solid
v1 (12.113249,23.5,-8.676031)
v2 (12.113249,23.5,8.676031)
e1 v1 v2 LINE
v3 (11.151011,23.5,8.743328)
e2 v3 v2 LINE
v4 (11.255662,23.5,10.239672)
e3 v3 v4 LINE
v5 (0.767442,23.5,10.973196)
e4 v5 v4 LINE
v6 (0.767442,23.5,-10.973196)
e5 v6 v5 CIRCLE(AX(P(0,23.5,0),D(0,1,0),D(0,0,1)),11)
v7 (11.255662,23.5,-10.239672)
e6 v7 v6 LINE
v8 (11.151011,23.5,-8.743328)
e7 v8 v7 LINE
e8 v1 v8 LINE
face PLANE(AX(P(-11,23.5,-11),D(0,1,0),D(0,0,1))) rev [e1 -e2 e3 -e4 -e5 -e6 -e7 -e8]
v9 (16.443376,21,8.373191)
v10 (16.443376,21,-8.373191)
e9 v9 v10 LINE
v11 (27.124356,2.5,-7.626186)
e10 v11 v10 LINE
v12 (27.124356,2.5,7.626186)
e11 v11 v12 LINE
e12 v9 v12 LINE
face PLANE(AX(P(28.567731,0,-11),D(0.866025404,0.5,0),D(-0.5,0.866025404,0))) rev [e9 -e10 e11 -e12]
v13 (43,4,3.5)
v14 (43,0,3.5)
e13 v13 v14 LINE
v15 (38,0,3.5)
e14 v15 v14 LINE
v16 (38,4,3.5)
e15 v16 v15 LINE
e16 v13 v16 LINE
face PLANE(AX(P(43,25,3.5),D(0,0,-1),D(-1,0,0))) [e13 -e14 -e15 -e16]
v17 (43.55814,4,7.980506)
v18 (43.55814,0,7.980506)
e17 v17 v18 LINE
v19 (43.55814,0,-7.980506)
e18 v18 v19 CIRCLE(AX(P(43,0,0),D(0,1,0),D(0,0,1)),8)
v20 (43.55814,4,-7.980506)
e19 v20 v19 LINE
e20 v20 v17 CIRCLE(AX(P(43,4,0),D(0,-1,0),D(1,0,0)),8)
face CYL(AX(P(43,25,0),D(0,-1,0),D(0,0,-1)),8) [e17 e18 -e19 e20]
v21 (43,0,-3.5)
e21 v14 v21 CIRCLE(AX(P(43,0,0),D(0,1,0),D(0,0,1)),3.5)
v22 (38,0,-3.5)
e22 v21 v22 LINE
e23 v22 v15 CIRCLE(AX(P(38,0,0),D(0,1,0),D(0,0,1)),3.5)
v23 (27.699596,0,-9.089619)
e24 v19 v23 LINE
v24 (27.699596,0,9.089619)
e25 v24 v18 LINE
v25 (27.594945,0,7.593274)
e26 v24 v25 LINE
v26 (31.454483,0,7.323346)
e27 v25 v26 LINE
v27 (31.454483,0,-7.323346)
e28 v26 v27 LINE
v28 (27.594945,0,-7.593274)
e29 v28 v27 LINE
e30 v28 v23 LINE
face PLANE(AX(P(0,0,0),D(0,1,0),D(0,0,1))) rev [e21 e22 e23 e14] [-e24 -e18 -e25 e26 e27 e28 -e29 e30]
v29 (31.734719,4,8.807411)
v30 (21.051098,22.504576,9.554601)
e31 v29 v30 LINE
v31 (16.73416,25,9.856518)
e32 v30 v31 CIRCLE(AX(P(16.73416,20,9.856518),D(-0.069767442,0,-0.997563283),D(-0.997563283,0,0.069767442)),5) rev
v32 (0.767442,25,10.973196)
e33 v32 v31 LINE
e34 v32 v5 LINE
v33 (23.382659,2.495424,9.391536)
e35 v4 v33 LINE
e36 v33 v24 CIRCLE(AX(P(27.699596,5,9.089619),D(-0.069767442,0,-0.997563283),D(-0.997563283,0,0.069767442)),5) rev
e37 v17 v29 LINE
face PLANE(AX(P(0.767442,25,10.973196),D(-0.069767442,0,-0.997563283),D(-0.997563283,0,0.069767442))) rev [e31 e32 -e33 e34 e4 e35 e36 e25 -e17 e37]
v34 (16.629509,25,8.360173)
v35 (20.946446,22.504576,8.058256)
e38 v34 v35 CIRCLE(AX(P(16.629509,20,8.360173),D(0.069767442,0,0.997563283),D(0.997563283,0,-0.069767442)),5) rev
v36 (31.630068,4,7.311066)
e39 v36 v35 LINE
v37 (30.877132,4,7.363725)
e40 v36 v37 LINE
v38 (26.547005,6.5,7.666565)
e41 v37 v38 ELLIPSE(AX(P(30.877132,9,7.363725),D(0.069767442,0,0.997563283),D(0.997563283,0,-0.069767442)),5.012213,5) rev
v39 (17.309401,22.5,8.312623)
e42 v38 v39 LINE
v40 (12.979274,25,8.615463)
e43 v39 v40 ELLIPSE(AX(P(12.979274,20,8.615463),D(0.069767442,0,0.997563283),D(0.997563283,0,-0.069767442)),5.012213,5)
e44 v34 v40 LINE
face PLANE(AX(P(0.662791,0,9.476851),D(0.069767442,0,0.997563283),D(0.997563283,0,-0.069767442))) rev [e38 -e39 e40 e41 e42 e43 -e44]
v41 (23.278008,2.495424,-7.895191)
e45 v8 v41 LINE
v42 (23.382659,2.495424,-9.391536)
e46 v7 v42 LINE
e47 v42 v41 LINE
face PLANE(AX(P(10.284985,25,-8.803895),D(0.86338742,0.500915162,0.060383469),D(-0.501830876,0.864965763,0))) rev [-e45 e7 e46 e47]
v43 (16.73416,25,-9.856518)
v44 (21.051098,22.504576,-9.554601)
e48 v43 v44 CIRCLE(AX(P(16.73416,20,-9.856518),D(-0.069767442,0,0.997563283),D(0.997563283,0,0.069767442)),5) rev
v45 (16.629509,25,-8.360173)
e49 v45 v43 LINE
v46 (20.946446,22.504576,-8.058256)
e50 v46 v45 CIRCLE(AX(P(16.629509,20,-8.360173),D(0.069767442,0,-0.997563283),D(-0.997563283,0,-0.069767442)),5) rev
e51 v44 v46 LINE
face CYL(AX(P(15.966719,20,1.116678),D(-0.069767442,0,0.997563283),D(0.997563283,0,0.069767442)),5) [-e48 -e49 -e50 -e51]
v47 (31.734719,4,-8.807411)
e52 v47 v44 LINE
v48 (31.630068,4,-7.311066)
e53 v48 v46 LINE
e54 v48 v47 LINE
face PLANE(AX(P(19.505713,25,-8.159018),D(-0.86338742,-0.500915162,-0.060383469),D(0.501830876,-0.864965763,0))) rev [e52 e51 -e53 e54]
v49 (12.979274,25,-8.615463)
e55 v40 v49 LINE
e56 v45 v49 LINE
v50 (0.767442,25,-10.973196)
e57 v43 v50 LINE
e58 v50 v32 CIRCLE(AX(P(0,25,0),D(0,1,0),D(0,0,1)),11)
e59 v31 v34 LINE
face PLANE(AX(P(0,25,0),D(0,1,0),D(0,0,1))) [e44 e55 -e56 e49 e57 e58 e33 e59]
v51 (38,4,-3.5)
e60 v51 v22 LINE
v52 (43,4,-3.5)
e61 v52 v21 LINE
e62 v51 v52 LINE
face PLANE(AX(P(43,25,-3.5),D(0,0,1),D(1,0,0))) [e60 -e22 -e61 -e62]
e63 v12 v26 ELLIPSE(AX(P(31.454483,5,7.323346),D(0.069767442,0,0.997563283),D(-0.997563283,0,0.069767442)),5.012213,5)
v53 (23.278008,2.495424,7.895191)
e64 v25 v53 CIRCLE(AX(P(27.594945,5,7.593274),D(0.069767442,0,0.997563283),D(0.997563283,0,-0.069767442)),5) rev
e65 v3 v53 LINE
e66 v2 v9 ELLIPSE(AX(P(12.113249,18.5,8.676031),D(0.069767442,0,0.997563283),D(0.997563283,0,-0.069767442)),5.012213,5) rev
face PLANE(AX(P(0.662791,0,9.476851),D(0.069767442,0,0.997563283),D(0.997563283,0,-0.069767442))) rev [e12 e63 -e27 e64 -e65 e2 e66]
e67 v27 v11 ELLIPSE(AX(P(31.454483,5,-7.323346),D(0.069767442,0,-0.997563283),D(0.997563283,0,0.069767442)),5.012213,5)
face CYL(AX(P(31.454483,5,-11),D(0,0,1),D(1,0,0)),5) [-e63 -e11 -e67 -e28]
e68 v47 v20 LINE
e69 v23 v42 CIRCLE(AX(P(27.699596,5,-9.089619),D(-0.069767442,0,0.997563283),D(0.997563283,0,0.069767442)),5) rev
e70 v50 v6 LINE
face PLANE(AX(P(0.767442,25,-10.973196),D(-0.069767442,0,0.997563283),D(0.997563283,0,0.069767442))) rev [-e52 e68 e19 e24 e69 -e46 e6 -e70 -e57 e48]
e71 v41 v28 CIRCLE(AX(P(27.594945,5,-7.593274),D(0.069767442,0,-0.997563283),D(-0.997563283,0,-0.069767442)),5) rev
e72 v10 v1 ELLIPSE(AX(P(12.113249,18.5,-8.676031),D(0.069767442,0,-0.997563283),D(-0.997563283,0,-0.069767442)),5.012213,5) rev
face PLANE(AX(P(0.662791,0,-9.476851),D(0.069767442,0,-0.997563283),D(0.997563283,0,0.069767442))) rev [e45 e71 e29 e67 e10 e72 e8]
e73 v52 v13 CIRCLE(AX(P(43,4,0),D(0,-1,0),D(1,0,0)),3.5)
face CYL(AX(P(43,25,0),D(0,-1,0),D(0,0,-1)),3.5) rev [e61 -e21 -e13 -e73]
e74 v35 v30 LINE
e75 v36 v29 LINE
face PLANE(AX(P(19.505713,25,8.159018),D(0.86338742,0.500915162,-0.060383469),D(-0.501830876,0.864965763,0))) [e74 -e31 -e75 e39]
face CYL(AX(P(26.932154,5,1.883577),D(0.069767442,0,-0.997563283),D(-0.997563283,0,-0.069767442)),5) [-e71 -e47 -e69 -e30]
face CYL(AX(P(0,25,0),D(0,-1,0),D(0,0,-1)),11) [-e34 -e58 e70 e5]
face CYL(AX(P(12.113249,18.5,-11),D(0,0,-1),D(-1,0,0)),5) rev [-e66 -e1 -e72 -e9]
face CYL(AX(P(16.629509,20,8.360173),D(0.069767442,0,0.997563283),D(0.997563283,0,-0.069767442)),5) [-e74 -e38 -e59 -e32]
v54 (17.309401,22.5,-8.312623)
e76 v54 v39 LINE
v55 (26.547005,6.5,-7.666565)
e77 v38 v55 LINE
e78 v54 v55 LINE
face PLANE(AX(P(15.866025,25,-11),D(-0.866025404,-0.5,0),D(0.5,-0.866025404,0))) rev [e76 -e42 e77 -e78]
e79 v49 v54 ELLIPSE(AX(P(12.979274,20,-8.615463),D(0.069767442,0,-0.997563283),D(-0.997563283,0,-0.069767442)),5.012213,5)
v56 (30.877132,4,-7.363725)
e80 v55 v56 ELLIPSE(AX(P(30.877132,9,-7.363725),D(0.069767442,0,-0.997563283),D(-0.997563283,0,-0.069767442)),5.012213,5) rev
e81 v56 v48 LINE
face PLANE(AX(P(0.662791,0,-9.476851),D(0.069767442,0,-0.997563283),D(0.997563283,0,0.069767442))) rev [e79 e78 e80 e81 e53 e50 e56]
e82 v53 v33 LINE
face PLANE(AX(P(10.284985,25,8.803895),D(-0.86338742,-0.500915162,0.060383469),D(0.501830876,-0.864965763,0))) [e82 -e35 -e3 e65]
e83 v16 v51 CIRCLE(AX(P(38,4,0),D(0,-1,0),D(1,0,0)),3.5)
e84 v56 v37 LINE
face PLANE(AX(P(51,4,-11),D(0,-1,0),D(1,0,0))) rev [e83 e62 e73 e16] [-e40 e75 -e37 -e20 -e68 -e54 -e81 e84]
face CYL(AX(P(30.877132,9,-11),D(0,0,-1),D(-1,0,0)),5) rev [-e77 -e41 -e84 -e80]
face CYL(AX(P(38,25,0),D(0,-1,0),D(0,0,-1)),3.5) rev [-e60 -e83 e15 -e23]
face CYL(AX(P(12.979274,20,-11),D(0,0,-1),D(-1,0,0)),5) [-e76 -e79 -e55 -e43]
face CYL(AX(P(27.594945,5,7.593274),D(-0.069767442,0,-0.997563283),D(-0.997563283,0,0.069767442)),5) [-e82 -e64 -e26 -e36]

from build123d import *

# Parameters (mm, degrees)
BOSS_EXTRU_1_DEPTH           = 25
ENL_V_MAT_EXTRU_2_DEPTH      = 58.853262656
ENL_V_MAT_EXTRU_2_DEPTH_BACK = 58.853262656
BOSS_EXTRU_2_DEPTH           = 1.5
CONG_1_R                     = 5


with BuildPart() as part:
    # Esquisse1 → Boss.-Extru.1 (new body)
    with BuildSketch(Plane(origin=(0, 0, 0), x_dir=(1, 0, 0), z_dir=(0, 1, 0))):
        with BuildLine():
            Line((0.76744186, 10.973196116), (43.558139535, 7.980506266))
            ThreePointArc((43.558139535, 7.980506266), (51, 0), (43.558139535, -7.980506266))
            Line((43.558139535, -7.980506266), (0.76744186, -10.973196116))
            ThreePointArc((0.76744186, -10.973196116), (-11, 0), (0.76744186, 10.973196116))
        make_face()
        with BuildLine():
            Line((43, -3.5), (38, -3.5))
            ThreePointArc((38, -3.5), (34.5, 0), (38, 3.5))
            Line((38, 3.5), (43, 3.5))
            ThreePointArc((43, 3.5), (46.5, 0), (43, -3.5))
        make_face(mode=Mode.SUBTRACT)
    extrude(amount=BOSS_EXTRU_1_DEPTH)

    # Esquisse4 → Enlèv. mat.-Extru.2 (cut, two sides: drawn at the far end of the back side and taken through both)
    with BuildSketch(Plane.XY.offset(-ENL_V_MAT_EXTRU_2_DEPTH_BACK)):
        Polygon((-11, 0), (28.567731326, 0), (15, 23.5), (-11, 23.5), align=None)
        Polygon((51, 25), (15.866025404, 25), (27.990381057, 4), (51, 4), align=None)
    extrude(amount=ENL_V_MAT_EXTRU_2_DEPTH + ENL_V_MAT_EXTRU_2_DEPTH_BACK, mode=Mode.SUBTRACT)

    # Esquisse6 → Boss.-Extru.2 (add)
    with BuildSketch(Plane(origin=(0.76744186, 0, 10.973196116), x_dir=(0.997563283233824, 0, -0.0697674418604651), z_dir=(0.0697674418604651, 0, 0.9975632832338241))):
        Polygon((9.645698279, 25), (18.888948853, 25), (33.357962471, 0), (24.114711897, 0), align=None)
    boss_extru_2 = extrude(amount=-BOSS_EXTRU_2_DEPTH)

    # Symétrie1: Boss.-Extru.2 across plane
    add(boss_extru_2.mirror(Plane.XY))

    # Congé1
    cong_1_edges = [part.edges().sort_by_distance(p)[0] for p in [
        (27.990381057, 4, 0),
        (15, 23.5, 0),
        (28.567731326, 0, 0),
        (15.866025404, 25, 0),
        (24.771067454, 0, -8.542601893),
        (19.558038113, 25, -8.907190012),
        (24.771067454, 0, 8.542601893),
        (19.558038113, 25, 8.907190012),
    ]]
    fillet(cong_1_edges, radius=CONG_1_R)


solid = part.part
